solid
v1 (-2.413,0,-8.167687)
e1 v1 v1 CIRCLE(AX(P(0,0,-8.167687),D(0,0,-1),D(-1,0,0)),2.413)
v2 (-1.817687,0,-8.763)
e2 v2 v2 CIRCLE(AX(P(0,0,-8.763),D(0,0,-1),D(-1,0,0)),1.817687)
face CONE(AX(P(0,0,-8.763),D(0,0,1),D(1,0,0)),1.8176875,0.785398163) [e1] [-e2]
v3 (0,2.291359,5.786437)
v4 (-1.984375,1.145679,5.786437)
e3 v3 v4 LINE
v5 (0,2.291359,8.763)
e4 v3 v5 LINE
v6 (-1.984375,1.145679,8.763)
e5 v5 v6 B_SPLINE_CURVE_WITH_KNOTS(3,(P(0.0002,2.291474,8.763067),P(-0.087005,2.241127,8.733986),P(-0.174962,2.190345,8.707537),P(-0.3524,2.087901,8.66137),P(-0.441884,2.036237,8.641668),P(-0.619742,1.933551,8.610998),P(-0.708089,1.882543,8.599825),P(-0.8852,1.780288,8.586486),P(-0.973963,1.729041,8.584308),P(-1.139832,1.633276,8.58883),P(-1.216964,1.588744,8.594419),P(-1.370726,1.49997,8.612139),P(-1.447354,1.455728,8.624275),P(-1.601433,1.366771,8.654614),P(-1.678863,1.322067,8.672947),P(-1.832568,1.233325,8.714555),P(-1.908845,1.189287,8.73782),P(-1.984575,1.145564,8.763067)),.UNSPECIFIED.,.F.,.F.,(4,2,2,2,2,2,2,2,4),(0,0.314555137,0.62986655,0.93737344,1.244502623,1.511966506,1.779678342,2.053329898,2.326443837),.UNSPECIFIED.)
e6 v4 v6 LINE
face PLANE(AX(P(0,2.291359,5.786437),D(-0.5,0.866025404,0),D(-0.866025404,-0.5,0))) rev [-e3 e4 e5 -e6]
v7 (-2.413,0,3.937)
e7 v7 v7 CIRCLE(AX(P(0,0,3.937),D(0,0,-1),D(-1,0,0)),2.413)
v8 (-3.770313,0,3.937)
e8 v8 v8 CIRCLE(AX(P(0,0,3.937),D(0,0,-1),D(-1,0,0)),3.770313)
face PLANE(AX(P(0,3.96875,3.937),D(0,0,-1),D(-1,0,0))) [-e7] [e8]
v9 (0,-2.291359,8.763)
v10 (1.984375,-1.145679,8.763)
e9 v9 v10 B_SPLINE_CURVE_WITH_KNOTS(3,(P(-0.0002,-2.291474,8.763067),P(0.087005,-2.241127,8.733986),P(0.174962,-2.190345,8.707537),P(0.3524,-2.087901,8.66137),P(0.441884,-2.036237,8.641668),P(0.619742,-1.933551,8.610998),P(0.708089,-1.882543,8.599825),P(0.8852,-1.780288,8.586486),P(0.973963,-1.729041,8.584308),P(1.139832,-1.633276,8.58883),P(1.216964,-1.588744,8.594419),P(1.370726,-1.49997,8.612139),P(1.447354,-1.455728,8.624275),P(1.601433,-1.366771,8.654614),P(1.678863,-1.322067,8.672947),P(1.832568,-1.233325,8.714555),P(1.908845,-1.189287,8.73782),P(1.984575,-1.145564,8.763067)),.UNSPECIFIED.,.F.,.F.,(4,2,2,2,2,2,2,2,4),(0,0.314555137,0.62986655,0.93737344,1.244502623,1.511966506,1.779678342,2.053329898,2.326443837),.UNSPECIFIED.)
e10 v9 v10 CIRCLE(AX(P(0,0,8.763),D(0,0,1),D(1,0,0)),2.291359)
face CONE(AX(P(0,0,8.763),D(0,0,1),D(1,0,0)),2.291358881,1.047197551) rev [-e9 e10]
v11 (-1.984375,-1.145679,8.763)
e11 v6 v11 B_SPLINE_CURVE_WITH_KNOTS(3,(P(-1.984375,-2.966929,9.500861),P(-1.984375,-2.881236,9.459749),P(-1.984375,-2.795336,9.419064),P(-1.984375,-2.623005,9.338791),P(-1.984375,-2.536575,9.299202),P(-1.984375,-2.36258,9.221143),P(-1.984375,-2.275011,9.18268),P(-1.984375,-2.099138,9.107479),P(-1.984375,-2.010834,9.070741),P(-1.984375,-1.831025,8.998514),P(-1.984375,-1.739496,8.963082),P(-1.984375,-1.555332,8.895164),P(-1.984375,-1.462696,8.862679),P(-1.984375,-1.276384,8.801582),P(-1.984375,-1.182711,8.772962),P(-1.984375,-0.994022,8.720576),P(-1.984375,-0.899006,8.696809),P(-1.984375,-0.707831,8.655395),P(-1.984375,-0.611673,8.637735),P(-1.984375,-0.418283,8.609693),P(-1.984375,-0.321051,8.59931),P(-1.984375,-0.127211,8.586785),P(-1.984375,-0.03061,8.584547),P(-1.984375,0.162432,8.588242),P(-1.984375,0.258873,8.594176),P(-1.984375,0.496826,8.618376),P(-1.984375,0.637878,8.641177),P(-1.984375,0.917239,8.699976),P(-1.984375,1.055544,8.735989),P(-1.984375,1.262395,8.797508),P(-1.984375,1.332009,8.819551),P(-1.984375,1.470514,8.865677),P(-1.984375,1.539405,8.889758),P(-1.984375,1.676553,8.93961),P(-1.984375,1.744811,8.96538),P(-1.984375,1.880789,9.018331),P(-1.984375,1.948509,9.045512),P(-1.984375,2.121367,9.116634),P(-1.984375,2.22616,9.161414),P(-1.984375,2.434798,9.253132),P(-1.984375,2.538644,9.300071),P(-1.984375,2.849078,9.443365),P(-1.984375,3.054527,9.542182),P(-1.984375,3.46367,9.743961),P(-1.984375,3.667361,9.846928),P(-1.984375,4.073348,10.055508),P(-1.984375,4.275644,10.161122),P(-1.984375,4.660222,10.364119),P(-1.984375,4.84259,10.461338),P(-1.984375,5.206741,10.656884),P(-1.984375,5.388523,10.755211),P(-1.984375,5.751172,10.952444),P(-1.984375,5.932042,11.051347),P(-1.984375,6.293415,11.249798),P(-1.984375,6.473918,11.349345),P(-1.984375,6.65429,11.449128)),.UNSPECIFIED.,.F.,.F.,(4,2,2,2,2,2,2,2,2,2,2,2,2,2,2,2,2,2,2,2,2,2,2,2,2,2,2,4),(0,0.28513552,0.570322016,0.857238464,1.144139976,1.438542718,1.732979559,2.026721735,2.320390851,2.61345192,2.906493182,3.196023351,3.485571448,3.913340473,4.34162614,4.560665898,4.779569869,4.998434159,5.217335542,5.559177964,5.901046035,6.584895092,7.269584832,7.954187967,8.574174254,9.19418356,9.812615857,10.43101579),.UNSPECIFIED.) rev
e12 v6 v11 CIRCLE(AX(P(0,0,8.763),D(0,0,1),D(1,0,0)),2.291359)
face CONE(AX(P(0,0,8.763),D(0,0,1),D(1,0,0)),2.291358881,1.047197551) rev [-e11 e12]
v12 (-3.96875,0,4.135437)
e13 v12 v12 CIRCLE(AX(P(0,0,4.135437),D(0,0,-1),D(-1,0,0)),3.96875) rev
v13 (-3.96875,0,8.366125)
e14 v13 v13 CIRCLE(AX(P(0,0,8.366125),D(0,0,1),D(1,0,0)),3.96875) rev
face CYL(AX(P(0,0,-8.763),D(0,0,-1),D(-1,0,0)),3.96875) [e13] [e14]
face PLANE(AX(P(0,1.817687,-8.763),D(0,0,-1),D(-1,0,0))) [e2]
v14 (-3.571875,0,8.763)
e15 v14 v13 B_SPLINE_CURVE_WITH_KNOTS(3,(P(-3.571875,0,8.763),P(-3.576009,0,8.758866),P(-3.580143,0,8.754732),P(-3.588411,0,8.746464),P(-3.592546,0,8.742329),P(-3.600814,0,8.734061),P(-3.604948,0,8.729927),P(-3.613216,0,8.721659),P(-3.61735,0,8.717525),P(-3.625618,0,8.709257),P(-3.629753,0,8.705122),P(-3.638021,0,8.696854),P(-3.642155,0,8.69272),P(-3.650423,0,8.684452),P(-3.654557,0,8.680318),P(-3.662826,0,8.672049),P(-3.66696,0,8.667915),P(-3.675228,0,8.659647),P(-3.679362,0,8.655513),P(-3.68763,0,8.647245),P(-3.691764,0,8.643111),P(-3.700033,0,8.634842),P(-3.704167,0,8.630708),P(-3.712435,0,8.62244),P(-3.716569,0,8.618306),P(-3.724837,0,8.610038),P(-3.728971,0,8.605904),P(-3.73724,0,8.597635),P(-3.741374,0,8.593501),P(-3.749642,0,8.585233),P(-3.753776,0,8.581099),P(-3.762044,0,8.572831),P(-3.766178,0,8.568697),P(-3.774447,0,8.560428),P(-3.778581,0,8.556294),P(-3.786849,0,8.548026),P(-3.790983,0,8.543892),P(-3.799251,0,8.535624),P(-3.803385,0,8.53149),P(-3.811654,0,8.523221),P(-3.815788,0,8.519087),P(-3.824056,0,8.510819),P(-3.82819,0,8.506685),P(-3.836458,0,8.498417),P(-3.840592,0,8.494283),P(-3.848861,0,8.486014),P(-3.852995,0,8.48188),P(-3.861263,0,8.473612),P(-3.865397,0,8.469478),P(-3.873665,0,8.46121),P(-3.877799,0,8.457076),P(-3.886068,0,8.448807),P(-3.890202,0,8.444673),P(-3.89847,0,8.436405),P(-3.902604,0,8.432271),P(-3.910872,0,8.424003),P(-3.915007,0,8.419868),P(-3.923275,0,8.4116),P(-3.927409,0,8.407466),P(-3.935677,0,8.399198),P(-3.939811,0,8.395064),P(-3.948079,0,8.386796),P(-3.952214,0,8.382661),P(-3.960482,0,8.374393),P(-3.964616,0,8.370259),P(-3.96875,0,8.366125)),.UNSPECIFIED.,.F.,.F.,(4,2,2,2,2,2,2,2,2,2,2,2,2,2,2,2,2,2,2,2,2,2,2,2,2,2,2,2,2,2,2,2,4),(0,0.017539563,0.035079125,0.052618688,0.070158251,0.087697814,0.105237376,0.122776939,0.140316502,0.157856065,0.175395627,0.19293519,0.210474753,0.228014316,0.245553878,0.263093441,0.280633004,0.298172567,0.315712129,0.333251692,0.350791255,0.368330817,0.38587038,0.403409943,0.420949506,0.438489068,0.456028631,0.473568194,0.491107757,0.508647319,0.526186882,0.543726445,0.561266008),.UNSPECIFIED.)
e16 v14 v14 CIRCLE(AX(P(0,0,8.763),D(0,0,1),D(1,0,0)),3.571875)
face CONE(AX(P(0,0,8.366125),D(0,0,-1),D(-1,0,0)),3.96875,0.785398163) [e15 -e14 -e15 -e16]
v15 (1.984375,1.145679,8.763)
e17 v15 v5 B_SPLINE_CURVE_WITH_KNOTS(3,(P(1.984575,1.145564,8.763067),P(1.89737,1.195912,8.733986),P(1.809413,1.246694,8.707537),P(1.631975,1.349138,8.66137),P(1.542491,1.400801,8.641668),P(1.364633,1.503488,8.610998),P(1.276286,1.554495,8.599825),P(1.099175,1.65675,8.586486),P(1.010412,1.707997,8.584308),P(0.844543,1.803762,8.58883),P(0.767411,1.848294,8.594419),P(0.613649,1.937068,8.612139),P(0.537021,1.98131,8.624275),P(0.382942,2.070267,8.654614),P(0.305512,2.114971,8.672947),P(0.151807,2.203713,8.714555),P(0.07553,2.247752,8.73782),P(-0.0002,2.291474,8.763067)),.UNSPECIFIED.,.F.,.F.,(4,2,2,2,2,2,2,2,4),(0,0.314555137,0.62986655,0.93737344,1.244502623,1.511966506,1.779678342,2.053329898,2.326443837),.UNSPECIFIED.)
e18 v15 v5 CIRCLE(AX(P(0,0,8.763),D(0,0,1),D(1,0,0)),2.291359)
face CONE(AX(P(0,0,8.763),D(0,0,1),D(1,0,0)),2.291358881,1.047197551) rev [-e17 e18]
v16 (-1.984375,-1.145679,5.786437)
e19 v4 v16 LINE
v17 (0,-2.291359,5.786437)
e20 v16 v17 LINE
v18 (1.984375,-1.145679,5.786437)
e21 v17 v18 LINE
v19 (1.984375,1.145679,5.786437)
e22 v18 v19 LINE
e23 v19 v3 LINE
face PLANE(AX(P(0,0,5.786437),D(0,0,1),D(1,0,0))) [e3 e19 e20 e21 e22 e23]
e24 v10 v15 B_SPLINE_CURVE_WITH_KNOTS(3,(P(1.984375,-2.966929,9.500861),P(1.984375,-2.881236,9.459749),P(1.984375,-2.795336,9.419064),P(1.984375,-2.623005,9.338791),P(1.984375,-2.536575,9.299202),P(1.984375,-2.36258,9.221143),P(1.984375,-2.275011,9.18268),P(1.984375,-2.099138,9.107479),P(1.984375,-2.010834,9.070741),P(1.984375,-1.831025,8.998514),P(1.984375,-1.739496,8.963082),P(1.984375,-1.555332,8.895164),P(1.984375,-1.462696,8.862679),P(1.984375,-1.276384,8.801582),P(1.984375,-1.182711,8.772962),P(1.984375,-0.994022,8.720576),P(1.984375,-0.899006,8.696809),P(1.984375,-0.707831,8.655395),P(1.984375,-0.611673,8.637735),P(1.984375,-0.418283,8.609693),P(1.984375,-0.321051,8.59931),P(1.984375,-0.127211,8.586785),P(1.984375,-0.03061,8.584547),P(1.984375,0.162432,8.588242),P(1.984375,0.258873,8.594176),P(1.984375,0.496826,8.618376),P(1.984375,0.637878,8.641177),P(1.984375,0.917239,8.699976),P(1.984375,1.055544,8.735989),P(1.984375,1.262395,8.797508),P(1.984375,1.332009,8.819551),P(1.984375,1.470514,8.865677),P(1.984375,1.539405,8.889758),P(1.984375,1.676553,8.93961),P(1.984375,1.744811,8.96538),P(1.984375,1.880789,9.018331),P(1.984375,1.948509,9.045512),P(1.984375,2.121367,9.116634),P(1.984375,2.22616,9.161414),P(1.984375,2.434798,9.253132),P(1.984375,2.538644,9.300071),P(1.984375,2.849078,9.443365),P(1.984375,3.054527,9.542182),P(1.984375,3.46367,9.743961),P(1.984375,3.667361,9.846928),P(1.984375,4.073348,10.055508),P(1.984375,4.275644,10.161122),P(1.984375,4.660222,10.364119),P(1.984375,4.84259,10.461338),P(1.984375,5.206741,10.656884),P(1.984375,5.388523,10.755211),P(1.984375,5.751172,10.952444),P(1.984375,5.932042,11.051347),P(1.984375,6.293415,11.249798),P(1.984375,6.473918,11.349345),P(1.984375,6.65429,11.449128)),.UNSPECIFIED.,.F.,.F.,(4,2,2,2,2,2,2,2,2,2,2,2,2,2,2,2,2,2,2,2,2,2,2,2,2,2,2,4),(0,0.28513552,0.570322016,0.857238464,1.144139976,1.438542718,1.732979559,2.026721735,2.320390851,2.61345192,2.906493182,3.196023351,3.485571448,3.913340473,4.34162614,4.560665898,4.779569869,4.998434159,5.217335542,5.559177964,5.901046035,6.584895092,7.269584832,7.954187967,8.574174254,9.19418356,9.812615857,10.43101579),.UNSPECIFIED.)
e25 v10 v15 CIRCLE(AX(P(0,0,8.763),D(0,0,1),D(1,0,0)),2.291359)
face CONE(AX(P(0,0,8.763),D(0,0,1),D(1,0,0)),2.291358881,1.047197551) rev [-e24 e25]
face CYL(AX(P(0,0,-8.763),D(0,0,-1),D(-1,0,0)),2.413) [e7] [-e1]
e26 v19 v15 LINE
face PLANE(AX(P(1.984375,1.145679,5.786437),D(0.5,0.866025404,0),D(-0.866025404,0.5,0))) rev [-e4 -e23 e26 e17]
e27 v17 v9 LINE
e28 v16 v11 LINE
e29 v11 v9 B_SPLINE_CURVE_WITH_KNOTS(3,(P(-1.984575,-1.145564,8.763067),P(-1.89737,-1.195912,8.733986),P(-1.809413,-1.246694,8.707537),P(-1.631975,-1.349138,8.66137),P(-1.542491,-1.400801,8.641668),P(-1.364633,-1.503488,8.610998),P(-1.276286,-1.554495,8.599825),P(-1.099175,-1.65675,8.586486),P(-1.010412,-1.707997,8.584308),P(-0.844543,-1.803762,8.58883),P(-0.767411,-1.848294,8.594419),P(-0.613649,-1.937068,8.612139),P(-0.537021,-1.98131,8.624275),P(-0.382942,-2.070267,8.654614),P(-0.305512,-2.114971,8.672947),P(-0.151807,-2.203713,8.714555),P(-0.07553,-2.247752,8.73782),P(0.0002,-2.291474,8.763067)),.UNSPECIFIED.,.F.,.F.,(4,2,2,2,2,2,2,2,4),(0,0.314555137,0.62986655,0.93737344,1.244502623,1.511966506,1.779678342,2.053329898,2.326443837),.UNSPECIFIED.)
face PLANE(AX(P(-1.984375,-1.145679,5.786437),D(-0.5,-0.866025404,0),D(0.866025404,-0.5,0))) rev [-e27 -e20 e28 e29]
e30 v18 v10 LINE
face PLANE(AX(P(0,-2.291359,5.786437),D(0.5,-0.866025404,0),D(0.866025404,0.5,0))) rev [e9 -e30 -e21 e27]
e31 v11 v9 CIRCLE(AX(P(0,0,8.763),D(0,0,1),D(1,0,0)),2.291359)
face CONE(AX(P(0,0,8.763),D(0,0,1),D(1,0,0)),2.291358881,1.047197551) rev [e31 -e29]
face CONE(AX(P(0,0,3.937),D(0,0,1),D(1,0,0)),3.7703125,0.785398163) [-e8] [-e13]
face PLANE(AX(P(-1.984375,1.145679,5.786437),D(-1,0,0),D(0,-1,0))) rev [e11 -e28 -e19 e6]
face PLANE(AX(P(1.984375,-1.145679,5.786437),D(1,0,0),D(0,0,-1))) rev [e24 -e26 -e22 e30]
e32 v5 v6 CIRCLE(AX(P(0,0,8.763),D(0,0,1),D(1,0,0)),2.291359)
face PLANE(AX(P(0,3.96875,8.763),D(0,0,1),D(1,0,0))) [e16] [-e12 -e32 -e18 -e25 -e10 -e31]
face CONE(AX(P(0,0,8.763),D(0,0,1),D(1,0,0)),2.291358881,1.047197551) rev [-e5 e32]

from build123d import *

# Parameters (mm, degrees)
CUT_EXTRUDE1_DEPTH = 2.9765625
CHAMFER1_SIZE      = 0.396875
CHAMFER2_SIZE      = 0.1984375


with BuildPart() as part:
    # Sketch2 → Revolve1 (revolve)
    with BuildSketch(Plane(origin=(0, 0, 0), x_dir=(0, 0, -1), z_dir=(1, 0, 0))):
        Polygon((8.763, 1.8176875), (8.1676875, 2.413), (-3.937, 2.413), (-3.937, 3.96875), (-8.763, 3.96875), (-8.763, 0), (8.763, 0), align=None)
    revolve(axis=Axis((0, 0, -8.763), (0, 0, 1)))

    # Sketch4 → Cut-Extrude1 (cut)
    with BuildSketch(Plane.XY.offset(8.763)):
        Polygon((0, 2.291358881), (-1.984375, 1.14567944), (-1.984375, -1.14567944), (0, -2.291358881), (1.984375, -1.14567944), (1.984375, 1.14567944), align=None)
    extrude(amount=-CUT_EXTRUDE1_DEPTH, mode=Mode.SUBTRACT)

    # Cut-Extrude2 cone 1 section (through the dimple's axis) → Cut-Extrude2 (revolve, cut)
    with BuildSketch(Plane(origin=(0, 0, 8.763), x_dir=(0, -1, 0), z_dir=(1, 0, 0))):
        Polygon((0, 0), (2.291358881, 0), (0, 1.322916667), align=None)
    revolve(axis=Axis((0, 0, 8.763), (0, 0, -1)), mode=Mode.SUBTRACT)

    # Chamfer1
    chamfer1_edges = [part.edges().sort_by_distance(p)[0] for p in [
        (0, -3.96875, 8.763),
    ]]
    chamfer(chamfer1_edges, length=CHAMFER1_SIZE)

    # Chamfer2
    chamfer2_edges = [part.edges().sort_by_distance(p)[0] for p in [
        (0, -3.96875, 3.937),
    ]]
    chamfer(chamfer2_edges, length=CHAMFER2_SIZE)


solid = part.part
